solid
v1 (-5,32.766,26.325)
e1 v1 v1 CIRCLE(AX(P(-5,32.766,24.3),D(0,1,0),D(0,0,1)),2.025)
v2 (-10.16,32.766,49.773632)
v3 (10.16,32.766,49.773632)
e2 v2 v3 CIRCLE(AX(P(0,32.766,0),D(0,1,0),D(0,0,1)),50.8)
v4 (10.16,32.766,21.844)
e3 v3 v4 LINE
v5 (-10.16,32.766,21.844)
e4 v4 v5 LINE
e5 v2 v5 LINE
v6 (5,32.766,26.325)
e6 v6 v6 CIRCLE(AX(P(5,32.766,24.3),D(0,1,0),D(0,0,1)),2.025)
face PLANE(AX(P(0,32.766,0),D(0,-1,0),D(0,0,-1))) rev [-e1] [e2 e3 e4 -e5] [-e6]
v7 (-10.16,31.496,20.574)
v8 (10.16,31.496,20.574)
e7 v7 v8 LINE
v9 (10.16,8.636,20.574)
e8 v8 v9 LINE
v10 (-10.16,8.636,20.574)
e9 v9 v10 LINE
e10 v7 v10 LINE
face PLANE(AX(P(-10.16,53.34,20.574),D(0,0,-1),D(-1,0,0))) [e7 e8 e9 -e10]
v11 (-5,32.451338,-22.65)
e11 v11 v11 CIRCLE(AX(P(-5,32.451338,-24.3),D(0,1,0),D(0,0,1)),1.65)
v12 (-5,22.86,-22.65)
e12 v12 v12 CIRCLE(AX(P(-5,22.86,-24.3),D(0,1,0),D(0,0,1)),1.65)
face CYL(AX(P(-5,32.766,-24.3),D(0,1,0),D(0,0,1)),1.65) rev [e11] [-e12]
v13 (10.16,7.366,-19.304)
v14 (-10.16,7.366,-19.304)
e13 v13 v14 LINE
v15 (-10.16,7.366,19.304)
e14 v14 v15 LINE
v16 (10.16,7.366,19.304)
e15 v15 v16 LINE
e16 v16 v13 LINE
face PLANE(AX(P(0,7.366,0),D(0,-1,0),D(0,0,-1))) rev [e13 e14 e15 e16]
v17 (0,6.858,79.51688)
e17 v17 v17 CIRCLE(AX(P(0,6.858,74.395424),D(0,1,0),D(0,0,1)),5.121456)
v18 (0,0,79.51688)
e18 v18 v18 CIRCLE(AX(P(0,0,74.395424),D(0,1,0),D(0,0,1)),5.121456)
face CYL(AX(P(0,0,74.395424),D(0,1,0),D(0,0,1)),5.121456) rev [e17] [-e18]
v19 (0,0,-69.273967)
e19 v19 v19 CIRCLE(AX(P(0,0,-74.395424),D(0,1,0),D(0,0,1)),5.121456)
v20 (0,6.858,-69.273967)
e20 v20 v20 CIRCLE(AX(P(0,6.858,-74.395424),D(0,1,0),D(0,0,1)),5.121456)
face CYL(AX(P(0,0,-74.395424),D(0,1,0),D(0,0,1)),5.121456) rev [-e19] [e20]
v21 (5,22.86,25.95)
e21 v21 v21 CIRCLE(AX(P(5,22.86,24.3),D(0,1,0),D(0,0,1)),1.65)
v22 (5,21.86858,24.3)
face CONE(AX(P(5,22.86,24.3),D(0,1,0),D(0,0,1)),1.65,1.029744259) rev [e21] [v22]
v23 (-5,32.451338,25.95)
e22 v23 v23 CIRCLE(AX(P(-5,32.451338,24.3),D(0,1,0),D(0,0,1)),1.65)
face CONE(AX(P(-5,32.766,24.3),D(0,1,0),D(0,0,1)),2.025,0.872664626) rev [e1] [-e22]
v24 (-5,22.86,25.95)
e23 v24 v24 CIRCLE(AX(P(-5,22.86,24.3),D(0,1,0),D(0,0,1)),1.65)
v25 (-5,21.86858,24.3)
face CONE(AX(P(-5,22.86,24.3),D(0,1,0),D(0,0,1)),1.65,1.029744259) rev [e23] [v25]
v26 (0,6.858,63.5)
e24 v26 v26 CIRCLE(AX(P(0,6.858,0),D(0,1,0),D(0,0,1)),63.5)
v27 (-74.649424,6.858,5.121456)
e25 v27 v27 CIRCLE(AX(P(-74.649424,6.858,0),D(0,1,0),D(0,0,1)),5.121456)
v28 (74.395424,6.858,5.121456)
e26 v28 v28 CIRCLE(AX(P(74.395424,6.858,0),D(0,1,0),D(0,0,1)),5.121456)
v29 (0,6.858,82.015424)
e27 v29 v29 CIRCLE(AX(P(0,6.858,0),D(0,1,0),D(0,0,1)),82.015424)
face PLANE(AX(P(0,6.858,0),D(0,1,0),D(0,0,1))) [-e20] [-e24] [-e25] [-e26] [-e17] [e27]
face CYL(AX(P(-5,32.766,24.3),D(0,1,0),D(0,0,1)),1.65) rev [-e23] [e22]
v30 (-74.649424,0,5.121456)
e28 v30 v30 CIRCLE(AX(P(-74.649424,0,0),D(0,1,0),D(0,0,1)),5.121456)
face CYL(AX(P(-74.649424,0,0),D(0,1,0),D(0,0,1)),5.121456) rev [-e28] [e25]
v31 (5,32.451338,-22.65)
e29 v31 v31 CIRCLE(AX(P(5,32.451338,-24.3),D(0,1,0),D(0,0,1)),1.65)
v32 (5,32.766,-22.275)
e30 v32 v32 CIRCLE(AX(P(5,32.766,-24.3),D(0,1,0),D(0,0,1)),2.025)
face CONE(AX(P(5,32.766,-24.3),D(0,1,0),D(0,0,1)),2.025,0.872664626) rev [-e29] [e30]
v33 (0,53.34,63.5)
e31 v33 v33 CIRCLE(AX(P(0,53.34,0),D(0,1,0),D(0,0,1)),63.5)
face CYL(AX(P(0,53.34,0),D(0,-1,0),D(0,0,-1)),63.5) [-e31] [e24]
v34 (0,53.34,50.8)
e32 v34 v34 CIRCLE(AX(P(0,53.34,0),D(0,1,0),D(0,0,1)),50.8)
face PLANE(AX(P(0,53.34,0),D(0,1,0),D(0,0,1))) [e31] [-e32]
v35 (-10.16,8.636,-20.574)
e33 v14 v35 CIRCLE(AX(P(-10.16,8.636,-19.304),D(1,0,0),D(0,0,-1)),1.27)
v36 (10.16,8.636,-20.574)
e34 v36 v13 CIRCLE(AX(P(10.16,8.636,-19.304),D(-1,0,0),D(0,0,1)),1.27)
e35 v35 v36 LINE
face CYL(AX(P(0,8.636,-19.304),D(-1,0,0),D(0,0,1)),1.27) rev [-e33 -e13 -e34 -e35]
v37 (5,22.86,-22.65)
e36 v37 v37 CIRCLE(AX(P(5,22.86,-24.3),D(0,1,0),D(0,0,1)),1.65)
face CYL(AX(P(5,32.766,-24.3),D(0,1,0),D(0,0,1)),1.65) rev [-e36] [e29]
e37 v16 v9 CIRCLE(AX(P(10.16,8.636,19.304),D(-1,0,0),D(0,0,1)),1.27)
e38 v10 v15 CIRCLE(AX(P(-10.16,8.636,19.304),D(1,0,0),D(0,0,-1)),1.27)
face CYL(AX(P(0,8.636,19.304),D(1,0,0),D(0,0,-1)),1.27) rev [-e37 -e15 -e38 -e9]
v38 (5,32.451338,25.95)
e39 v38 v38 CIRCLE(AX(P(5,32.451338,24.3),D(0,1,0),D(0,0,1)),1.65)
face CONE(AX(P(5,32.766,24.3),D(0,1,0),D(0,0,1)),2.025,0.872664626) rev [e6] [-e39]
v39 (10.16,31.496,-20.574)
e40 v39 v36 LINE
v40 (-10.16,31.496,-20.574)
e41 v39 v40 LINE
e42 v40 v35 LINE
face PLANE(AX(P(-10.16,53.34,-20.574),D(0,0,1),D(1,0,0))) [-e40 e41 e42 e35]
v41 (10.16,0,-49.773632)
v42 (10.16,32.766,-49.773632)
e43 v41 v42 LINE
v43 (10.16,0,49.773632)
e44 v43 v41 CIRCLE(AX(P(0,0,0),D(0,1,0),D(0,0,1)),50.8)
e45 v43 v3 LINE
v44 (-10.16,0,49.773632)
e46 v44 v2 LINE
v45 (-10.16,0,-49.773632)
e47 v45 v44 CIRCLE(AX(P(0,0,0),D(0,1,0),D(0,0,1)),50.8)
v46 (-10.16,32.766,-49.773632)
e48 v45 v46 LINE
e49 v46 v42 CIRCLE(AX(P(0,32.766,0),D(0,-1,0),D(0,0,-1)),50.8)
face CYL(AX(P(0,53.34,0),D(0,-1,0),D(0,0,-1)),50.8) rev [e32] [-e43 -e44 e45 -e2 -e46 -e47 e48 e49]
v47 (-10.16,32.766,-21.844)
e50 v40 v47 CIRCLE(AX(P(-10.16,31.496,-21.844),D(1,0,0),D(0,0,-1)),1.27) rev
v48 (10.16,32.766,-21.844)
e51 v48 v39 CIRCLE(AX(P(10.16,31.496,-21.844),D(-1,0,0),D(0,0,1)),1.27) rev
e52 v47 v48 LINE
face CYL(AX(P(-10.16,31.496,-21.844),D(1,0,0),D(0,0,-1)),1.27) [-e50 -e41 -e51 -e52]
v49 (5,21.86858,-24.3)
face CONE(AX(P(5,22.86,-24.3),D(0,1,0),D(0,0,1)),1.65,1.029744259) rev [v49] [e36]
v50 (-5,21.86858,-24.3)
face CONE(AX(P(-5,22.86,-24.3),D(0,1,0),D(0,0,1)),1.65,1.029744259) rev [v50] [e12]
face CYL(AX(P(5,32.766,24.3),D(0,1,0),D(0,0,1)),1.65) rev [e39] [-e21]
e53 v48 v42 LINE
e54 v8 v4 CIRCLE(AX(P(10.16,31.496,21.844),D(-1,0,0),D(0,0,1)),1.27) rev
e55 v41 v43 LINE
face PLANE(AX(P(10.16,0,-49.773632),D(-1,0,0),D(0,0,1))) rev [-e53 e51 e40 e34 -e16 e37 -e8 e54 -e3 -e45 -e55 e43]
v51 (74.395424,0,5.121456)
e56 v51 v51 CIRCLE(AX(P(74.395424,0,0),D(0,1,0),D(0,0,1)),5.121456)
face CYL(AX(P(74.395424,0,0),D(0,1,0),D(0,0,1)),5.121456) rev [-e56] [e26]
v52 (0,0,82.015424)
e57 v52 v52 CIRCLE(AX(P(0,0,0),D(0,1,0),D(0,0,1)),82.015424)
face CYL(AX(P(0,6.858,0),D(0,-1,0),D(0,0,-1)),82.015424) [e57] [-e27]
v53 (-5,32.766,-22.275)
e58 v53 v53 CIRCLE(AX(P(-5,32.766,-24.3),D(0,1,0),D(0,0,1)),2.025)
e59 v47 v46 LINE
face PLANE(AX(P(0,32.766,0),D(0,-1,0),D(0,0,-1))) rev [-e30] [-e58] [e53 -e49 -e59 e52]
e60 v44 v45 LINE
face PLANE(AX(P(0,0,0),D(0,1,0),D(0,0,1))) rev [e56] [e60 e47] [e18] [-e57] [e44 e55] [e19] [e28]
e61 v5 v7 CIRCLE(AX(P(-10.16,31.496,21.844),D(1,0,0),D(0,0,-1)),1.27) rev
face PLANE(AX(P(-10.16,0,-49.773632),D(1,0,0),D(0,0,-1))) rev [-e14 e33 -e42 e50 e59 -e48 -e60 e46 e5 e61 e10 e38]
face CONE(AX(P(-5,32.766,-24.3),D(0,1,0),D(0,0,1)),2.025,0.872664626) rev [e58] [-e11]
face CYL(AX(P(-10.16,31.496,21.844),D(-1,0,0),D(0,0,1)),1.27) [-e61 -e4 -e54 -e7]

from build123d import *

# Parameters (mm, degrees)
SKETCH2_R                       = 63.5
SKETCH2_R_2                     = 50.8
BOSS_EXTRUDE1_DEPTH             = 53.34
SKETCH4_R                       = 82.015423661
BOSS_EXTRUDE3_DEPTH             = 6.858
CUT_EXTRUDE2_DEPTH              = 125.954534773
CUT_EXTRUDE2_DEPTH_BACK         = 125.954534773
SKETCH6_R                       = 5.121456342
CUT_EXTRUDE3_DEPTH              = 125.954534773
CUT_EXTRUDE3_DEPTH_BACK         = 125.954534773
SKETCH9_W                       = 20.32
SKETCH9_H                       = 38.475908221
BOSS_EXTRUDE4_DEPTH             = 25.908
CUT_EXTRUDE5_DEPTH              = 121.526636859
CUT_EXTRUDE5_DEPTH_BACK         = 25.4
SKETCH11_W                      = 20.32
SKETCH11_H                      = 41.148
FILLET1_R                       = 1.27
M4X0_7_TAPPED_HOLE3_D           = 3.3
M4X0_7_TAPPED_HOLE3_DEPTH       = 9.906
M4X0_7_TAPPED_HOLE3_CSINK_D     = 4.05
M4X0_7_TAPPED_HOLE3_CSINK_ANGLE = 100
M4X0_7_TAPPED_HOLE3_TIP         = 0.991420021


with BuildPart() as part:
    # Sketch2 → Boss-Extrude1 (new body)
    with BuildSketch(Plane(origin=(0, 0, 0), x_dir=(1, 0, 0), z_dir=(0, 1, 0))):
        with Locations(Location((0, 0, 0), (0, 0, 270))):
            Circle(SKETCH2_R)
        with Locations(Location((0, 0, 0), (0, 0, 270))):
            Circle(SKETCH2_R_2, mode=Mode.SUBTRACT)
    extrude(amount=BOSS_EXTRUDE1_DEPTH)

    # Sketch4 → Boss-Extrude3 (add)
    with BuildSketch(Plane(origin=(0, 0, 0), x_dir=(1, 0, 0), z_dir=(0, 1, 0))):
        with Locations(Location((0, 0, 0), (0, 0, 270))):
            Circle(SKETCH4_R)
    extrude(amount=BOSS_EXTRUDE3_DEPTH)

    # Sketch6 → Cut-Extrude2 (cut, two sides: drawn at the far end of the back side and taken through both)
    with BuildSketch(Plane(origin=(0, 6.858, 0), x_dir=(1, 0, 0), z_dir=(0, 1, 0)).offset(-CUT_EXTRUDE2_DEPTH_BACK)):
        with Locations(Location((0, 74.395423661, 0), (0, 0, 270))):
            Circle(SKETCH6_R)
        with Locations(Location((-74.649423661, 0, 0), (0, 0, 270))):
            Circle(SKETCH6_R)
        with Locations(Location((74.395423661, 0, 0), (0, 0, 270))):
            Circle(SKETCH6_R)
        with Locations(Location((0, -74.395423661, 0), (0, 0, 270))):
            Circle(SKETCH6_R)
    extrude(amount=CUT_EXTRUDE2_DEPTH + CUT_EXTRUDE2_DEPTH_BACK, mode=Mode.SUBTRACT)

    # Sketch8 → Cut-Extrude3 (cut, two sides: drawn at the far end of the back side and taken through both)
    with BuildSketch(Plane(origin=(0, 6.858, 0), x_dir=(1, 0, 0), z_dir=(0, 1, 0)).offset(-CUT_EXTRUDE3_DEPTH_BACK)):
        with BuildLine():
            Line((-10.16, 49.773631573), (-10.16, -49.773631573))
            ThreePointArc((-10.16, -49.773631573), (-50.8, 0), (-10.16, 49.773631573))
        make_face()
        with BuildLine():
            Line((10.16, 49.773631573), (10.16, -49.773631573))
            ThreePointArc((10.16, -49.773631573), (50.8, 0), (10.16, 49.773631573))
        make_face()
    extrude(amount=CUT_EXTRUDE3_DEPTH + CUT_EXTRUDE3_DEPTH_BACK, mode=Mode.SUBTRACT)

    # Sketch9 → Boss-Extrude4 (add)
    with BuildSketch(Plane(origin=(0, 6.858, 0), x_dir=(1, 0, 0), z_dir=(0, 1, 0))):
        with Locations((0, 30.667954111)):
            Rectangle(SKETCH9_W, SKETCH9_H)
        with BuildLine():
            Line((-10.16, 49.773631573), (-10.16, -49.773631573))
            ThreePointArc((-10.16, -49.773631573), (0, -50.8), (10.16, -49.773631573))
            Line((10.16, -49.773631573), (10.16, 49.773631573))
            ThreePointArc((10.16, 49.773631573), (0, 50.8), (-10.16, 49.773631573))
        make_face()
    extrude(amount=BOSS_EXTRUDE4_DEPTH)

    # Sketch11 → Cut-Extrude5 (cut, two sides: drawn at the far end of the back side and taken through both)
    with BuildSketch(Plane(origin=(0, 32.766, 0), x_dir=(1, 0, 0), z_dir=(0, 1, 0)).offset(-CUT_EXTRUDE5_DEPTH_BACK)):
        Rectangle(SKETCH11_W, SKETCH11_H)
    extrude(amount=CUT_EXTRUDE5_DEPTH + CUT_EXTRUDE5_DEPTH_BACK, mode=Mode.SUBTRACT)

    # Fillet1
    fillet1_edges = [part.edges().sort_by_distance(p)[0] for p in [
        (0, 32.766, 20.574),
        (0, 7.366, 20.574),
        (0, 7.366, -20.574),
        (0, 32.766, -20.574),
    ]]
    fillet(fillet1_edges, radius=FILLET1_R)

    # M4x0.7 Tapped Hole3
    with Locations(Plane(origin=(0, 32.766, 0), x_dir=(1, 0, 0), z_dir=(0, 1, 0))):
        with Locations((5, -24.3), (-5, -24.3), (5, 24.3), (-5, 24.3)):
            CounterSinkHole(M4X0_7_TAPPED_HOLE3_D / 2, M4X0_7_TAPPED_HOLE3_CSINK_D / 2, depth=M4X0_7_TAPPED_HOLE3_DEPTH, counter_sink_angle=M4X0_7_TAPPED_HOLE3_CSINK_ANGLE)
            with Locations((0, 0, -(M4X0_7_TAPPED_HOLE3_DEPTH + M4X0_7_TAPPED_HOLE3_TIP / 2))):  # 118° drill point
                Cone(0, M4X0_7_TAPPED_HOLE3_D / 2, M4X0_7_TAPPED_HOLE3_TIP, mode=Mode.SUBTRACT)


solid = part.part
